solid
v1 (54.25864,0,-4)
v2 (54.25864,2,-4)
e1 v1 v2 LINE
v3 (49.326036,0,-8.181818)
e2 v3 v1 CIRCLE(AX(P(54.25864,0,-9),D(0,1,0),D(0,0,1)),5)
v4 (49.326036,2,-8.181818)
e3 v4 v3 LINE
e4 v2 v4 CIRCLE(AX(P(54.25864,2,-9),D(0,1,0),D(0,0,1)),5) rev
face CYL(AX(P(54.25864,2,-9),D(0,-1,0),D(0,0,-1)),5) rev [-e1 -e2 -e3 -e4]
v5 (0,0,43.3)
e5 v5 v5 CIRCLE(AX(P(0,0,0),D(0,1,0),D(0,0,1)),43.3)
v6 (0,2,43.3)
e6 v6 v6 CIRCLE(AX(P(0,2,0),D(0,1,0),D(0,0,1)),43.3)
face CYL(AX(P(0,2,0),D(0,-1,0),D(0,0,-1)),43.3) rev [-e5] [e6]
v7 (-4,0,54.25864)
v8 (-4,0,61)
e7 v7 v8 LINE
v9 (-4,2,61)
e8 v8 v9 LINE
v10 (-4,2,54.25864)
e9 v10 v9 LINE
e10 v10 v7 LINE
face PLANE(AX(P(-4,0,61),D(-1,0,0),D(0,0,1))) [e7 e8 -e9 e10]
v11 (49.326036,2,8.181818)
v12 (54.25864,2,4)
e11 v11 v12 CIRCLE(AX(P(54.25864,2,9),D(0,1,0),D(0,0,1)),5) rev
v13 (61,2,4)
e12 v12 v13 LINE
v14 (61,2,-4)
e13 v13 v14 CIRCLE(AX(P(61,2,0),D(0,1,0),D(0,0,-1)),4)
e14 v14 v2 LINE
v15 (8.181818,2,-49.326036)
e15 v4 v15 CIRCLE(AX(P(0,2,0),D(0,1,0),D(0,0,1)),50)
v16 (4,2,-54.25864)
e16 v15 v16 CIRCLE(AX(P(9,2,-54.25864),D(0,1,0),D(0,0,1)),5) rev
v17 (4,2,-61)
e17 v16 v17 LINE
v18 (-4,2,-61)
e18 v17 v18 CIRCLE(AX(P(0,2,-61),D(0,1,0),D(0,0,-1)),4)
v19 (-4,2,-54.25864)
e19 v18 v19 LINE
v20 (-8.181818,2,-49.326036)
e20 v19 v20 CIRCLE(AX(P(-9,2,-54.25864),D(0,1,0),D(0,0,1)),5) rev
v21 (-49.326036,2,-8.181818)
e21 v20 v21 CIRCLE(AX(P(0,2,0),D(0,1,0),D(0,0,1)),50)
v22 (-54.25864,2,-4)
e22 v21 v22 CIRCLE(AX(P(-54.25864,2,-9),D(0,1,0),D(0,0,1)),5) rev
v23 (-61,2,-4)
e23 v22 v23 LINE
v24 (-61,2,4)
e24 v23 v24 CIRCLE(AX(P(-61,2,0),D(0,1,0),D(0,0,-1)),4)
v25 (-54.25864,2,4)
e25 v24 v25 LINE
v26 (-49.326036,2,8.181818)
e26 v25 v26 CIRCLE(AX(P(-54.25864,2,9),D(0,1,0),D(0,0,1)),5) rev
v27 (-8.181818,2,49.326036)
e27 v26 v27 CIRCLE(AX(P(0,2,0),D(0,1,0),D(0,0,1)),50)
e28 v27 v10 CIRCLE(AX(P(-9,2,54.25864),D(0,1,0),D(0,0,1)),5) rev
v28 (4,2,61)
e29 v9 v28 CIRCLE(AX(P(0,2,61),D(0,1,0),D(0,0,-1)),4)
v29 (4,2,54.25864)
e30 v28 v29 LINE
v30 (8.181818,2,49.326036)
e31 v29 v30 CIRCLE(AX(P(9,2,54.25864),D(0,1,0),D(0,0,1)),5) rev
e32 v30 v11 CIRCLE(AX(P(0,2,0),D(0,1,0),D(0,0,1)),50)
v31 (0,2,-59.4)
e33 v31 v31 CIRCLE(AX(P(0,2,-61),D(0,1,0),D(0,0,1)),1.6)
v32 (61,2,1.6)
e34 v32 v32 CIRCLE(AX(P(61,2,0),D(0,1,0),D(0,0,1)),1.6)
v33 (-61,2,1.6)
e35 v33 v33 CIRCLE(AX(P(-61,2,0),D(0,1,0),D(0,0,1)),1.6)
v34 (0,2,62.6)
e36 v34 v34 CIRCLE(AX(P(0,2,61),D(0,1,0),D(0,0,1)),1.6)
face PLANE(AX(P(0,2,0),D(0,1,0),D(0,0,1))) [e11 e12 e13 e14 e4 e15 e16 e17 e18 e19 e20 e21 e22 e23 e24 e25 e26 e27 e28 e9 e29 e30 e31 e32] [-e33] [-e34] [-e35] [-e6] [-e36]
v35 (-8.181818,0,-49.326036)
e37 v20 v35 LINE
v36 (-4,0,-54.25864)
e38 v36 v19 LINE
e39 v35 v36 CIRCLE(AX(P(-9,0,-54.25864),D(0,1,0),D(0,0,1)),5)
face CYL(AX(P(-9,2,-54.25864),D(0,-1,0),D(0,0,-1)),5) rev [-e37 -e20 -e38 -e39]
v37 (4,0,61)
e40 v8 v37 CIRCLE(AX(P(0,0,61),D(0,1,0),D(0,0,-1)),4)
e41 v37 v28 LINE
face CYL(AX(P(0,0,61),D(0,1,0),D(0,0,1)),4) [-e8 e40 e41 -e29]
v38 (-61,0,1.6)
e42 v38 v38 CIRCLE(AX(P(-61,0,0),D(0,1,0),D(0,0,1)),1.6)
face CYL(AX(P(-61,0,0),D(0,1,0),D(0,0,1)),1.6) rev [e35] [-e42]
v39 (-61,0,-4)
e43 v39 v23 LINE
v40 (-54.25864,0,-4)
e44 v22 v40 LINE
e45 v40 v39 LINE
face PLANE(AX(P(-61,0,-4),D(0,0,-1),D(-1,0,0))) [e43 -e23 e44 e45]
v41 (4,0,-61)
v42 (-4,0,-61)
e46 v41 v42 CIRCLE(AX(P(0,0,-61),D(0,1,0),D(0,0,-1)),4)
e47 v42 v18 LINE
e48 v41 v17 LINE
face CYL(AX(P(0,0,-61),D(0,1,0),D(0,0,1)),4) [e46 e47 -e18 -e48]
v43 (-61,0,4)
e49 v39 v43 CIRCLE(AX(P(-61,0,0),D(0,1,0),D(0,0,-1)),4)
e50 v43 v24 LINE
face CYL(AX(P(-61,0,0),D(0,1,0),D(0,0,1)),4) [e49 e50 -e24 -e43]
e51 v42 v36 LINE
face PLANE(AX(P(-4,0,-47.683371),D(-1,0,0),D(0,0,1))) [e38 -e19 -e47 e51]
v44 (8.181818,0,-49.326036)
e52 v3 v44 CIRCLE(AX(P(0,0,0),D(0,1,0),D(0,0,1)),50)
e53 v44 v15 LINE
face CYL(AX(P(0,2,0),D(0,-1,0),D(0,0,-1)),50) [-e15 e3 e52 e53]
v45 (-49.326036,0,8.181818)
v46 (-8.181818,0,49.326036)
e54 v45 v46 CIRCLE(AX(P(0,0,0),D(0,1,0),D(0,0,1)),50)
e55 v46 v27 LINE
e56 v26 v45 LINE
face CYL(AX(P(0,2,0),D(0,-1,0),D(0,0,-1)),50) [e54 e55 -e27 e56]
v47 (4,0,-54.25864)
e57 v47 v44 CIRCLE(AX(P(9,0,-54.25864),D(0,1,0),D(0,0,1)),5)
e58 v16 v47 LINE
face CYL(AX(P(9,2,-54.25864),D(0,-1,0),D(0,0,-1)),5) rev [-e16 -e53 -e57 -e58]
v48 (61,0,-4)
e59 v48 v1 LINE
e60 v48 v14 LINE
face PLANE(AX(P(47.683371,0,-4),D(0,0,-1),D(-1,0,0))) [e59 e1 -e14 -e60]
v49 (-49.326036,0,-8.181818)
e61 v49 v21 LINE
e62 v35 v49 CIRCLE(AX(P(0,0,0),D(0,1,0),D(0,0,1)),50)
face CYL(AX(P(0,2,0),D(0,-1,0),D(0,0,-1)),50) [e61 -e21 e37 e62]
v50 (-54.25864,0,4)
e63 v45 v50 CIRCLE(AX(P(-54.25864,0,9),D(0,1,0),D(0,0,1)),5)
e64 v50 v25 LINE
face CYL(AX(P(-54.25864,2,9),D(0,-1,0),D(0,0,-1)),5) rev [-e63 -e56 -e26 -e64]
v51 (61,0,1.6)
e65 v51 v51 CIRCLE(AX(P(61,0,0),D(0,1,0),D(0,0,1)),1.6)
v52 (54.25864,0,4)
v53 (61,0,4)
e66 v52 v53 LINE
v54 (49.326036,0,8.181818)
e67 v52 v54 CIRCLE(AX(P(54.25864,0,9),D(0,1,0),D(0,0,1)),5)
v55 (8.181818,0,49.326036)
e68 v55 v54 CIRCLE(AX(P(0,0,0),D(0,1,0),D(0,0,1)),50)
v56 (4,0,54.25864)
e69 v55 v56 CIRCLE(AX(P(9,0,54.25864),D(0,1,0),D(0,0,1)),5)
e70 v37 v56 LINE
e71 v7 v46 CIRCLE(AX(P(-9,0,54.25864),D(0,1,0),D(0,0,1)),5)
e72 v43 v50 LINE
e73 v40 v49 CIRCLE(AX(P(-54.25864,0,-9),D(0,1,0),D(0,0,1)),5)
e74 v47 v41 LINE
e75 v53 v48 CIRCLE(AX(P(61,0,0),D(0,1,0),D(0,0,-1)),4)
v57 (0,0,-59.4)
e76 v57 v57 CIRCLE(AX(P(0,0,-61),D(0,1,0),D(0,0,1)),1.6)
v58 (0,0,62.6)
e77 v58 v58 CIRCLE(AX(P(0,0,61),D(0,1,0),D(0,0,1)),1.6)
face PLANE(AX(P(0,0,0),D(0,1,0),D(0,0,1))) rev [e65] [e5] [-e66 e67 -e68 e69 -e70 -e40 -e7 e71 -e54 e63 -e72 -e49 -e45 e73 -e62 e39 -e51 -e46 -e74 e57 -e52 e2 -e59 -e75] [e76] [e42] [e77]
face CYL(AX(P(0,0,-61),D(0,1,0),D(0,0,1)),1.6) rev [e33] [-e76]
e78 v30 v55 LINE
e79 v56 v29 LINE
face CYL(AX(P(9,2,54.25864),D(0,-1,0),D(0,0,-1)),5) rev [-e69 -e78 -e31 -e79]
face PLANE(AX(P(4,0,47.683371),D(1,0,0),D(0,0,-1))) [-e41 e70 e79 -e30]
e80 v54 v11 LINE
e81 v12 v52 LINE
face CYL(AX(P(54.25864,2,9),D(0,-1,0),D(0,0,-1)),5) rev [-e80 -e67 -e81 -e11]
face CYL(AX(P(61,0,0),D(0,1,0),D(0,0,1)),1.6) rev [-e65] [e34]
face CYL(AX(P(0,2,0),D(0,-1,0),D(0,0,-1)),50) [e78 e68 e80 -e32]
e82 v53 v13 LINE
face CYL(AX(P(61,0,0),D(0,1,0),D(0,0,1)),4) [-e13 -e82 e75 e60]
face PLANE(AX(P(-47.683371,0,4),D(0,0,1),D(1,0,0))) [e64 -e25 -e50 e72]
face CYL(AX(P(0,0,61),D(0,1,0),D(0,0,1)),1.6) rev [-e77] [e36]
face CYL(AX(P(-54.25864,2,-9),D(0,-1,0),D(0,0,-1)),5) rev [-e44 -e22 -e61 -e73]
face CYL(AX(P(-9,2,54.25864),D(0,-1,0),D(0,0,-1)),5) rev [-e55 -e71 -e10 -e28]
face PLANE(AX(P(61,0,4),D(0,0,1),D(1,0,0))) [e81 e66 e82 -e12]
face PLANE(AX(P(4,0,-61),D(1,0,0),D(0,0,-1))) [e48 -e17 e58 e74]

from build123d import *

# Parameters (mm, degrees)
SKETCH_1_R      = 50
SKETCH_1_R_2    = 43.3
EXTRUDE_1_DEPTH = 2
SKETCH_2_R      = 1.6
EXTRUDE_2_DEPTH = 2
FILLET_1_R      = 5


with BuildPart() as part:
    # 草图1 → 凸台-拉伸1 (new body)
    with BuildSketch(Plane(origin=(0, 0, 0), x_dir=(1, 0, 0), z_dir=(0, 1, 0))):
        with Locations(Location((0, 0, 0), (0, 0, 270))):
            Circle(SKETCH_1_R)
        with Locations(Location((0, 0, 0), (0, 0, 270))):
            Circle(SKETCH_1_R_2, mode=Mode.SUBTRACT)
    extrude(amount=EXTRUDE_1_DEPTH)

    # 草图2 → 凸台-拉伸2 (add)
    # profile 1 of 4: a face of its own
    with BuildSketch(Plane(origin=(0, 2, 0), x_dir=(1, 0, 0), z_dir=(0, 1, 0))):
        with BuildLine():
            Line((47.683371348, 4), (47.683371348, -4))
            Line((47.683371348, -4), (61, -4))
            ThreePointArc((61, -4), (65, 0), (61, 4))
            Line((61, 4), (47.683371348, 4))
        make_face()
        with Locations(Location((61, 0, 0), (0, 0, 270))):
            Circle(SKETCH_2_R, mode=Mode.SUBTRACT)
    # profile 2 of 4: a face of its own
    with BuildSketch(Plane(origin=(0, 2, 0), x_dir=(1, 0, 0), z_dir=(0, 1, 0))):
        with BuildLine():
            Line((-4, -61), (-4, -47.683371348))
            Line((-4, -47.683371348), (4, -47.683371348))
            Line((4, -47.683371348), (4, -61))
            ThreePointArc((4, -61), (0, -65), (-4, -61))
        make_face()
        with Locations(Location((0, -61, 0), (0, 0, 270))):
            Circle(SKETCH_2_R, mode=Mode.SUBTRACT)
    # profile 3 of 4: a face of its own
    with BuildSketch(Plane(origin=(0, 2, 0), x_dir=(1, 0, 0), z_dir=(0, 1, 0))):
        with BuildLine():
            Line((-61, 4), (-47.683371348, 4))
            Line((-47.683371348, 4), (-47.683371348, -4))
            Line((-47.683371348, -4), (-61, -4))
            ThreePointArc((-61, -4), (-65, 0), (-61, 4))
        make_face()
        with Locations(Location((-61, 0, 0), (0, 0, 270))):
            Circle(SKETCH_2_R, mode=Mode.SUBTRACT)
    # profile 4 of 4: a face of its own
    with BuildSketch(Plane(origin=(0, 2, 0), x_dir=(1, 0, 0), z_dir=(0, 1, 0))):
        with BuildLine():
            Line((4, 61), (4, 47.683371348))
            Line((4, 47.683371348), (-4, 47.683371348))
            Line((-4, 47.683371348), (-4, 61))
            ThreePointArc((-4, 61), (0, 65), (4, 61))
        make_face()
        with Locations(Location((0, 61, 0), (0, 0, 270))):
            Circle(SKETCH_2_R, mode=Mode.SUBTRACT)
    extrude(amount=-EXTRUDE_2_DEPTH)

    # 圆角1
    fillet_1_edges = [part.edges().sort_by_distance(p)[0] for p in [
        (49.839743178, 1, -4),
        (49.839743178, 1, 4),
        (-4, 1, 49.839743178),
        (4, 1, 49.839743178),
        (-49.839743178, 1, -4),
        (-49.839743178, 1, 4),
        (4, 1, -49.839743178),
        (-4, 1, -49.839743178),
    ]]
    fillet(fillet_1_edges, radius=FILLET_1_R)


solid = part.part
